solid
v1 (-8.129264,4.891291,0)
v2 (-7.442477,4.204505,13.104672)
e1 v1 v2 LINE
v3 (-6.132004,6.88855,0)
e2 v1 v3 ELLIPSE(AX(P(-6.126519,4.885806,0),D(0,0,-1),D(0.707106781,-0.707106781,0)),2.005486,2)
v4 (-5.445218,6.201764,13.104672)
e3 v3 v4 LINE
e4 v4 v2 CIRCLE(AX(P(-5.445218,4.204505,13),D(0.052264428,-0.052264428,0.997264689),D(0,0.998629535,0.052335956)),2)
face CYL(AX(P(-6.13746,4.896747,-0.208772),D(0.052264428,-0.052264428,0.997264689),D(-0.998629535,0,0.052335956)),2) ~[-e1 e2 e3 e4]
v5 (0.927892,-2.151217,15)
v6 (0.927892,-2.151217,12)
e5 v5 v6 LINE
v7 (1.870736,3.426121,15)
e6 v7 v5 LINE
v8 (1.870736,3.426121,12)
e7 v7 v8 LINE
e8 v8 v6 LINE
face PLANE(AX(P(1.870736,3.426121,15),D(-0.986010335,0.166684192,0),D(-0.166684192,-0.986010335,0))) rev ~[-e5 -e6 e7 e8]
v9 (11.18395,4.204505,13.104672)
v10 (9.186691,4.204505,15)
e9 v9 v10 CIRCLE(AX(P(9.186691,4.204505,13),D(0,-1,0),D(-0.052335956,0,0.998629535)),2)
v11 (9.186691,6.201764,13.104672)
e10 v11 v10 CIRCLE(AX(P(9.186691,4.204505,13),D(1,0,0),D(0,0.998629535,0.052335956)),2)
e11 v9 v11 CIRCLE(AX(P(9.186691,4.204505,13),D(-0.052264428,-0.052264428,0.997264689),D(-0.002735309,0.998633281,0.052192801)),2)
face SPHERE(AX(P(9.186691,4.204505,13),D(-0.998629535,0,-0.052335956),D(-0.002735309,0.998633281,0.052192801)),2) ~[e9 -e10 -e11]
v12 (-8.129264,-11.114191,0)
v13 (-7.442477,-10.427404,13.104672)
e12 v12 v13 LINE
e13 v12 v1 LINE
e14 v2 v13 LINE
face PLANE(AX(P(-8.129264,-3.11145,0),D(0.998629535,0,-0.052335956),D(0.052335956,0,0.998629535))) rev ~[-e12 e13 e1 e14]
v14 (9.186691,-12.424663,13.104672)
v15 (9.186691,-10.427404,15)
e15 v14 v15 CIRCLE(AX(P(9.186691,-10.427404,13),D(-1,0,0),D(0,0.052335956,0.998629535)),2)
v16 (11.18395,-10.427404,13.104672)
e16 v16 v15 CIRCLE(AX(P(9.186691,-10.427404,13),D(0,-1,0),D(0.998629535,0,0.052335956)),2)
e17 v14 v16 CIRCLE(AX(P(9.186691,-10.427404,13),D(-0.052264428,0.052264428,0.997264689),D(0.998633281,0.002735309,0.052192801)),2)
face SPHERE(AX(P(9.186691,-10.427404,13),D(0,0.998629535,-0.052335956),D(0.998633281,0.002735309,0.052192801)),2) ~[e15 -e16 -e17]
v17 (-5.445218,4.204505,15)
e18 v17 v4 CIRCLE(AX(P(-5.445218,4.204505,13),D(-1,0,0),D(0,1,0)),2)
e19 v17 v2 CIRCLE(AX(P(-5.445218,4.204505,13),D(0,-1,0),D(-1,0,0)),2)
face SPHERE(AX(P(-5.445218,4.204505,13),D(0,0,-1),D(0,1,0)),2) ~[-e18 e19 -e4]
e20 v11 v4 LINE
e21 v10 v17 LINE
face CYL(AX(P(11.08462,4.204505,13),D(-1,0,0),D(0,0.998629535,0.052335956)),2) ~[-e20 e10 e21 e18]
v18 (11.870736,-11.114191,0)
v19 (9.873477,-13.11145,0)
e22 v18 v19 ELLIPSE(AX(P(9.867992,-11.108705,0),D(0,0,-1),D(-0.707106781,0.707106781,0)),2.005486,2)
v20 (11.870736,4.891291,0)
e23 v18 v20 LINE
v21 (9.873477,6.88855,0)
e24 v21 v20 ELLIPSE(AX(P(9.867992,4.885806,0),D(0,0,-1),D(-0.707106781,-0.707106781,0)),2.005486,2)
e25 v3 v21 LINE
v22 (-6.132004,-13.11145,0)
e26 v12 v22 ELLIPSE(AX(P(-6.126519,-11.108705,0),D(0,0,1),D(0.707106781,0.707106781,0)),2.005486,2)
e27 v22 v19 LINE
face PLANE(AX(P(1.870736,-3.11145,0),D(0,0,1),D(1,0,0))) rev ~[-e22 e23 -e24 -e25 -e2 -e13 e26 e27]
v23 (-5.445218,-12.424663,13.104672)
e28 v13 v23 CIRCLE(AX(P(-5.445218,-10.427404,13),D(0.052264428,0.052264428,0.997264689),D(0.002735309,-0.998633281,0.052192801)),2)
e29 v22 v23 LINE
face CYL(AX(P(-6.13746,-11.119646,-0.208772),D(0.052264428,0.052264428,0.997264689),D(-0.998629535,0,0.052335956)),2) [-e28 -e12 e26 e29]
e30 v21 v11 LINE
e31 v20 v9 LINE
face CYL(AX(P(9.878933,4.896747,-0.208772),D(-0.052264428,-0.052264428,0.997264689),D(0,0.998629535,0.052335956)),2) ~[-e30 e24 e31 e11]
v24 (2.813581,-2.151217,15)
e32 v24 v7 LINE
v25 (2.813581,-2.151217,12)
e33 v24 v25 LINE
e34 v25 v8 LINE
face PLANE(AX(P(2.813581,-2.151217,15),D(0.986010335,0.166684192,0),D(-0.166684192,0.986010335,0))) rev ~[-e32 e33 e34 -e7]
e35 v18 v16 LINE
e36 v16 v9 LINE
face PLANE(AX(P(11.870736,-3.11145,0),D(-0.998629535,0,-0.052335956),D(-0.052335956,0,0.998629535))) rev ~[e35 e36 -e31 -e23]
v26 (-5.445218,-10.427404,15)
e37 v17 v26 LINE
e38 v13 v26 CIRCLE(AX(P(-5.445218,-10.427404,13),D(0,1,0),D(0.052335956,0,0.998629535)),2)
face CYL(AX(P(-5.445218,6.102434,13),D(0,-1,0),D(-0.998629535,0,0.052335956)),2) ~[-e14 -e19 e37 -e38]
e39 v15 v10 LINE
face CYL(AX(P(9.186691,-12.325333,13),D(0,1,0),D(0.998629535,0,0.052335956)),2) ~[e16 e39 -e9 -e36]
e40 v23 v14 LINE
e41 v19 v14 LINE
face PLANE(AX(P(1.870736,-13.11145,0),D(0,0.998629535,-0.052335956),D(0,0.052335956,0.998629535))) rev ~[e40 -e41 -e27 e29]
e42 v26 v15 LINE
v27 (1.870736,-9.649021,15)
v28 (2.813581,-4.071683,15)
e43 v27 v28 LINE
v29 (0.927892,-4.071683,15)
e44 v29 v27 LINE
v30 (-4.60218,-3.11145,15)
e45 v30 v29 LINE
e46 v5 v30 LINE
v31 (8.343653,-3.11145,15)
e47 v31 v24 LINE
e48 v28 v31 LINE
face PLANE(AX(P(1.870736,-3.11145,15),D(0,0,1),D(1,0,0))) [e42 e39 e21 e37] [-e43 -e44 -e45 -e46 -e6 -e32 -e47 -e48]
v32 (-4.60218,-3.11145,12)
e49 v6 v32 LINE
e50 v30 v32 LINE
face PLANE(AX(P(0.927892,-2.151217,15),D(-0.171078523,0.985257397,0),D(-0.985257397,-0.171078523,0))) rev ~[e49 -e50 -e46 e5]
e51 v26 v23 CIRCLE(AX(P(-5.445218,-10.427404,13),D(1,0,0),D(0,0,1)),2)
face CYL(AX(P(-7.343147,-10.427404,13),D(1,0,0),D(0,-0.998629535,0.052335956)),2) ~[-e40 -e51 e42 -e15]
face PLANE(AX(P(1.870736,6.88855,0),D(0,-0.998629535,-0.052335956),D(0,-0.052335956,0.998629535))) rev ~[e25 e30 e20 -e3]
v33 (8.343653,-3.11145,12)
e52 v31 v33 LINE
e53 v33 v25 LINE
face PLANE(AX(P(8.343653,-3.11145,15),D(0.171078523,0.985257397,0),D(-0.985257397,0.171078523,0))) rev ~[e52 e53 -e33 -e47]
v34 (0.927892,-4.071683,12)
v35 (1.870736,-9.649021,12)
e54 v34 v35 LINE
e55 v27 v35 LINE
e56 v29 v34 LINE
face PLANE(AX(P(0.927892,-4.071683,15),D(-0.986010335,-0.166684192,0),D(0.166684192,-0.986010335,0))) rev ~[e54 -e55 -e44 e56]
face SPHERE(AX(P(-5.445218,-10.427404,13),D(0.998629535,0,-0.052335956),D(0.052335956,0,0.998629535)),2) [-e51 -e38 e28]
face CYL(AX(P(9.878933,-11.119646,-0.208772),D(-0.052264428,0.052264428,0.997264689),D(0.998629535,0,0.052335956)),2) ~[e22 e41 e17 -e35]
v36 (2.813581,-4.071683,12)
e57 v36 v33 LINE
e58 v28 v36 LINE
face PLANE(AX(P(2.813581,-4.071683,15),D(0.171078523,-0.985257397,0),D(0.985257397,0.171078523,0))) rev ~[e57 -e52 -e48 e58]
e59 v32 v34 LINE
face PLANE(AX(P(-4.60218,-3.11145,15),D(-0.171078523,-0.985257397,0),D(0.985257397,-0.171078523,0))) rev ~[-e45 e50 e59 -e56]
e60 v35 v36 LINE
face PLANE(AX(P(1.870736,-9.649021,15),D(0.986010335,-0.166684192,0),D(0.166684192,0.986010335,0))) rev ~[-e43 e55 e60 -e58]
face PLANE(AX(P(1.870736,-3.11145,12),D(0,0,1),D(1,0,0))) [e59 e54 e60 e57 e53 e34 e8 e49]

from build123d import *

# Parameters (mm, degrees)
F0_W     = 20
F0_H     = 20
F1_DEPTH = 15
F1_TAPER = 3
F2_R     = 2
F4_DEPTH = 3


with BuildPart() as f1:
    # F0 (on Top) → F1 (new body)
    with BuildSketch(Plane.XY):
        with Locations((1.8707364798, -3.1114496091)):
            Rectangle(F0_W, F0_H)
    extrude(amount=F1_DEPTH, taper=F1_TAPER)

    # F2
    f2_edges = [f1.edges().sort_by_distance(p)[0] for p in [
        (-7.736205, 6.495492, 7.5),
        (1.870736, 6.102434, 15),
        (11.477678, 6.495492, 7.500009),
        (11.08462, -3.11145, 15),
        (11.477678, -12.718391, 7.5),
        (1.870736, -12.325333, 15),
        (-7.343147, -3.11145, 15),
        (-7.736205, -12.718391, 7.5),
    ]]
    fillet(f2_edges, radius=F2_R)

    # F3 (on face) → F4 (cut)
    with BuildSketch(Plane.XY.offset(15)):
        Polygon((2.8135806206, -2.1512166131), (1.8707364798, 3.426121315), (0.927892339, -2.1512166131), (-4.6021803282, -3.1114496091), (0.927892339, -4.071682605), (1.8707364798, -9.6490205332), (2.8135806206, -4.071682605), (8.3436532877, -3.1114496091), align=None)
    extrude(amount=-F4_DEPTH, mode=Mode.SUBTRACT)


solid = f1.part
